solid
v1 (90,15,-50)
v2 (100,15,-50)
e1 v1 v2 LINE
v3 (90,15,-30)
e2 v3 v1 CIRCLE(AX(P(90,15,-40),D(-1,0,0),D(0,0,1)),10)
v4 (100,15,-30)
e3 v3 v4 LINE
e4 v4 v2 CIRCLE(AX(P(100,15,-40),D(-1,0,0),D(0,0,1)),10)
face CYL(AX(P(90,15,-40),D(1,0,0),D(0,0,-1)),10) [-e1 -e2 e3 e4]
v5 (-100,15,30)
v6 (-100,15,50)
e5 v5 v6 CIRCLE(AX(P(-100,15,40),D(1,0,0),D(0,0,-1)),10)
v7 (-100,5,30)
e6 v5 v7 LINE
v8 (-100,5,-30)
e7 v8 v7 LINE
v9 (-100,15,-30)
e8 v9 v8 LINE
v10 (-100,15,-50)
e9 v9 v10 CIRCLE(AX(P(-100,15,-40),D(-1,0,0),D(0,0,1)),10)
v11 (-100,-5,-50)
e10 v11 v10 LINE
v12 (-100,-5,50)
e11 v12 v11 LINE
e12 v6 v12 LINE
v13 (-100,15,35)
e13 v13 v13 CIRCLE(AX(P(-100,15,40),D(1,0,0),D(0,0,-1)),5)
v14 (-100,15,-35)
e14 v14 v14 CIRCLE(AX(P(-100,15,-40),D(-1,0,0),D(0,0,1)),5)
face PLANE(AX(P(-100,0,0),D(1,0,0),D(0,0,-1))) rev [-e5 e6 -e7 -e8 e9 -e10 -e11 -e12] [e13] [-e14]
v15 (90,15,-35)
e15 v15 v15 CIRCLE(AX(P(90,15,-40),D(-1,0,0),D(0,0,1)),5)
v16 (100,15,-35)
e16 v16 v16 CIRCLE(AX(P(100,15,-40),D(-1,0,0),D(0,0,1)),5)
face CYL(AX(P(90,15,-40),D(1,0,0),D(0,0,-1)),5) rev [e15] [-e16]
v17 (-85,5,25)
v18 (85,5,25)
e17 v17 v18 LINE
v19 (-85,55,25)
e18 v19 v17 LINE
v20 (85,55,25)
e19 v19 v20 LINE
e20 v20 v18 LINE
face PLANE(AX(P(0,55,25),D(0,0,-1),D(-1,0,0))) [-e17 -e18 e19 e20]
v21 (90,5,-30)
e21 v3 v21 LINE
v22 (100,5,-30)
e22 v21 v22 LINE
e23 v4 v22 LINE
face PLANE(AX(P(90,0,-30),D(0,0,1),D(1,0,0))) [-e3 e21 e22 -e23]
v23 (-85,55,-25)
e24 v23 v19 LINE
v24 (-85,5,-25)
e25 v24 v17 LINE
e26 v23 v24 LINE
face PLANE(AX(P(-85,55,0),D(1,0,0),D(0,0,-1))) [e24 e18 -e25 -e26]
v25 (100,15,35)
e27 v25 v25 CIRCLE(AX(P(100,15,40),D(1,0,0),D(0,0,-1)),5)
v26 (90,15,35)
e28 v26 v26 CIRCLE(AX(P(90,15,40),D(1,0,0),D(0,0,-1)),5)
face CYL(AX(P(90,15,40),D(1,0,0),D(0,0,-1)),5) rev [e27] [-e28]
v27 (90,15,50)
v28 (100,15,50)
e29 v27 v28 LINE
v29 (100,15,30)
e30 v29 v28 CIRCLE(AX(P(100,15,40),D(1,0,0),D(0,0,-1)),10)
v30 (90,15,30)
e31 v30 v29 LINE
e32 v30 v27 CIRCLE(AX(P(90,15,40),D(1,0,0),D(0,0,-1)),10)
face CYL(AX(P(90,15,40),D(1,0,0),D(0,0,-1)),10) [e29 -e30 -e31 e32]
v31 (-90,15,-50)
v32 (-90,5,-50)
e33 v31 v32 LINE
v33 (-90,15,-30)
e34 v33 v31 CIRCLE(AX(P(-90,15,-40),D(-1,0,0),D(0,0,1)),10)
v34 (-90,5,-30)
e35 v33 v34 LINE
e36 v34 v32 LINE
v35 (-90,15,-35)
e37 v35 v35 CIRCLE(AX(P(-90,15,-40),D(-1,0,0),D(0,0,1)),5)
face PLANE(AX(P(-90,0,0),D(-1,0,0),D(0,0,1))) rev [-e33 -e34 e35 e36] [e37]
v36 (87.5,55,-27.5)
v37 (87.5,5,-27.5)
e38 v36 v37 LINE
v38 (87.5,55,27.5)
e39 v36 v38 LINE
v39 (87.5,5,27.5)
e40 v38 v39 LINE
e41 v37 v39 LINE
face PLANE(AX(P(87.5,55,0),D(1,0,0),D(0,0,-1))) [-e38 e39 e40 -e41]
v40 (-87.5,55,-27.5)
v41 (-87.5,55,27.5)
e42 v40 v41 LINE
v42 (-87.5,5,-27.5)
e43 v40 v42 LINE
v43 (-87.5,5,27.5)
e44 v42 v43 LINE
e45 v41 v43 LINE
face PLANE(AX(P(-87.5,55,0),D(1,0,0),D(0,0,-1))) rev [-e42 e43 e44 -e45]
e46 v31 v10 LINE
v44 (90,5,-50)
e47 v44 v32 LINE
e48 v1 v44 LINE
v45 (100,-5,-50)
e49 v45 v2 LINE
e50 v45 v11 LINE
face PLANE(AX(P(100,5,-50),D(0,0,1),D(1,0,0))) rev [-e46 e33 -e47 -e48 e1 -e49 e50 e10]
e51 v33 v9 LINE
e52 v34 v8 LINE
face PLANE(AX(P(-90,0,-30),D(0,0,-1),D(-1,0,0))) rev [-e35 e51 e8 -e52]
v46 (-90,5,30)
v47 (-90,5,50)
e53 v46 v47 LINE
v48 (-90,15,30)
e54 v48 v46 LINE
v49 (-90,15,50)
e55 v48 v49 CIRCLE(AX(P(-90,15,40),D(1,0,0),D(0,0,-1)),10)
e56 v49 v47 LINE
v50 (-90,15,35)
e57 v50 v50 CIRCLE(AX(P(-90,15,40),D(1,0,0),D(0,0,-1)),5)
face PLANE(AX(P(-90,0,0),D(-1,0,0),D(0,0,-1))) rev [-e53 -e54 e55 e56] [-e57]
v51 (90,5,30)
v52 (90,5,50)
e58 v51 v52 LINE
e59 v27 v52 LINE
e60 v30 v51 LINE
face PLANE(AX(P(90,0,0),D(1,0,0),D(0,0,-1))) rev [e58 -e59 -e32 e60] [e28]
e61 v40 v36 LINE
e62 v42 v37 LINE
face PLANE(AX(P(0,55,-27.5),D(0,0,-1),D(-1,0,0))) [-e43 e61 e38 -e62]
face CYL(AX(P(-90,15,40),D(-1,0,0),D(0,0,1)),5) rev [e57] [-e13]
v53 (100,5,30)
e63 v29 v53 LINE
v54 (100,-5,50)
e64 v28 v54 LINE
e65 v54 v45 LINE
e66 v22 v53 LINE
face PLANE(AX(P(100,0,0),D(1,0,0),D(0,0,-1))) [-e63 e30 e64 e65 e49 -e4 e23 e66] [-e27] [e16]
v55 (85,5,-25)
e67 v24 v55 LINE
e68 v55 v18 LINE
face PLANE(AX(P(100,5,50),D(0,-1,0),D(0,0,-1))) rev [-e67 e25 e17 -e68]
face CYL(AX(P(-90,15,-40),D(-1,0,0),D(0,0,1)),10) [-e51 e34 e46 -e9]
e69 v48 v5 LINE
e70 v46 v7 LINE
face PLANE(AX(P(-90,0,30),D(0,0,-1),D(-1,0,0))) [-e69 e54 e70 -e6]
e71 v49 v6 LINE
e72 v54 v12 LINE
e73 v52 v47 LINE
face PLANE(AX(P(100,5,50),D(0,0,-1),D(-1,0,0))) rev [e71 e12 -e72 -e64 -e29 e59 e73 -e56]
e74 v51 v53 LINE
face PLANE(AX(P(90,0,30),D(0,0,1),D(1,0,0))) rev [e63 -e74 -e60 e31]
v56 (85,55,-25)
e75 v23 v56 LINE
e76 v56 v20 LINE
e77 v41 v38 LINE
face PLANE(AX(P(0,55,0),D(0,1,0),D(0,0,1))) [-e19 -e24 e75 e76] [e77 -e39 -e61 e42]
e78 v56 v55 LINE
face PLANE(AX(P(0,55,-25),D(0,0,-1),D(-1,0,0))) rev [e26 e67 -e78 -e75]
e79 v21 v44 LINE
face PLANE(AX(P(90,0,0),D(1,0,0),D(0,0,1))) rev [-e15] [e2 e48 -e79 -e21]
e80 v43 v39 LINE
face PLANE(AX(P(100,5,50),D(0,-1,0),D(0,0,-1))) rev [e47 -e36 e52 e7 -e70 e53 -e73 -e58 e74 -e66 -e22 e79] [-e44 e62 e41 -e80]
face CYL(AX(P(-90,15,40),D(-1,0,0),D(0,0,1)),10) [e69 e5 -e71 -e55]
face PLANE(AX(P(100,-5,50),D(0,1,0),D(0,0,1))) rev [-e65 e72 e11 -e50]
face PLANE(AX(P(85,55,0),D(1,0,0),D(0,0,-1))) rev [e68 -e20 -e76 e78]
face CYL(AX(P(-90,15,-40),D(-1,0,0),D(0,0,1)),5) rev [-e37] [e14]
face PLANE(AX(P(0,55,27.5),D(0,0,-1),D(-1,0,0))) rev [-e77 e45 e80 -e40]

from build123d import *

# Parameters (mm, degrees)
SKETCH1_W                 = 100
SKETCH1_H                 = 10
BOSS_EXTRUDE1_DEPTH       = 100
SKETCH2_R                 = 10
SKETCH2_R_2               = 5
BOSS_EXTRUDE2_DEPTH       = 10
MIRROR2_COPY_1_SKETCH_R   = 10
MIRROR2_COPY_1_SKETCH_R_2 = 5
MIRROR2_COPY_1_DEPTH      = 10
SKETCH3_W                 = 175
SKETCH3_H                 = 55
SKETCH3_W_2               = 170
SKETCH3_H_2               = 50
BOSS_EXTRUDE5_DEPTH       = 50


with BuildPart() as part:
    # Sketch1 → Boss-Extrude1 (new body, symmetric)
    with BuildSketch(Plane(origin=(0, 0, 0), x_dir=(0, 0, -1), z_dir=(1, 0, 0))):
        Rectangle(SKETCH1_W, SKETCH1_H)
    extrude(amount=BOSS_EXTRUDE1_DEPTH, both=True)

    # Sketch2 → Boss-Extrude2 (add)
    with BuildSketch(Plane(origin=(100, 0, 0), x_dir=(0, 0, -1), z_dir=(1, 0, 0))):
        with Locations((-40, 15)):
            Circle(SKETCH2_R)
        with Locations((-40, 15)):
            Circle(SKETCH2_R_2, mode=Mode.SUBTRACT)
        with BuildLine():
            ThreePointArc((-40, 5), (-47.071067812, 7.928932188), (-50, 15))
            Line((-50, 15), (-50, 5))
            Line((-50, 5), (-40, 5))
        make_face()
        with BuildLine():
            Line((-30, 5), (-30, 15))
            ThreePointArc((-30, 15), (-32.928932188, 7.928932188), (-40, 5))
            Line((-40, 5), (-30, 5))
        make_face()
    boss_extrude2 = extrude(amount=-BOSS_EXTRUDE2_DEPTH)

    # Mirror1: Boss-Extrude2 across plane
    add(boss_extrude2.mirror(Plane.XY))

    # Mirror2: Boss-Extrude2 across plane
    add(boss_extrude2.mirror(Plane(origin=(0, 0, 0), x_dir=(0, 0, 1), z_dir=(1, 0, 0))))

    # Mirror2 copy 1 sketch → Mirror2 copy 1 (add)
    with BuildSketch(Plane.ZY.offset(100)):
        with Locations((-40, 15)):
            Circle(MIRROR2_COPY_1_SKETCH_R)
        with Locations((-40, 15)):
            Circle(MIRROR2_COPY_1_SKETCH_R_2, mode=Mode.SUBTRACT)
        with BuildLine():
            ThreePointArc((-40, 5), (-47.071067812, 7.928932188), (-50, 15))
            Line((-50, 15), (-50, 5))
            Line((-50, 5), (-40, 5))
        make_face()
        with BuildLine():
            Line((-30, 5), (-30, 15))
            ThreePointArc((-30, 15), (-32.928932188, 7.928932188), (-40, 5))
            Line((-40, 5), (-30, 5))
        make_face()
    extrude(amount=-MIRROR2_COPY_1_DEPTH)

    # Sketch3 → Boss-Extrude5 (add)
    with BuildSketch(Plane(origin=(0, 5, 0), x_dir=(1, 0, 0), z_dir=(0, 1, 0))):
        Rectangle(SKETCH3_W, SKETCH3_H)
        Rectangle(SKETCH3_W_2, SKETCH3_H_2, mode=Mode.SUBTRACT)
    extrude(amount=BOSS_EXTRUDE5_DEPTH)


solid = part.part
